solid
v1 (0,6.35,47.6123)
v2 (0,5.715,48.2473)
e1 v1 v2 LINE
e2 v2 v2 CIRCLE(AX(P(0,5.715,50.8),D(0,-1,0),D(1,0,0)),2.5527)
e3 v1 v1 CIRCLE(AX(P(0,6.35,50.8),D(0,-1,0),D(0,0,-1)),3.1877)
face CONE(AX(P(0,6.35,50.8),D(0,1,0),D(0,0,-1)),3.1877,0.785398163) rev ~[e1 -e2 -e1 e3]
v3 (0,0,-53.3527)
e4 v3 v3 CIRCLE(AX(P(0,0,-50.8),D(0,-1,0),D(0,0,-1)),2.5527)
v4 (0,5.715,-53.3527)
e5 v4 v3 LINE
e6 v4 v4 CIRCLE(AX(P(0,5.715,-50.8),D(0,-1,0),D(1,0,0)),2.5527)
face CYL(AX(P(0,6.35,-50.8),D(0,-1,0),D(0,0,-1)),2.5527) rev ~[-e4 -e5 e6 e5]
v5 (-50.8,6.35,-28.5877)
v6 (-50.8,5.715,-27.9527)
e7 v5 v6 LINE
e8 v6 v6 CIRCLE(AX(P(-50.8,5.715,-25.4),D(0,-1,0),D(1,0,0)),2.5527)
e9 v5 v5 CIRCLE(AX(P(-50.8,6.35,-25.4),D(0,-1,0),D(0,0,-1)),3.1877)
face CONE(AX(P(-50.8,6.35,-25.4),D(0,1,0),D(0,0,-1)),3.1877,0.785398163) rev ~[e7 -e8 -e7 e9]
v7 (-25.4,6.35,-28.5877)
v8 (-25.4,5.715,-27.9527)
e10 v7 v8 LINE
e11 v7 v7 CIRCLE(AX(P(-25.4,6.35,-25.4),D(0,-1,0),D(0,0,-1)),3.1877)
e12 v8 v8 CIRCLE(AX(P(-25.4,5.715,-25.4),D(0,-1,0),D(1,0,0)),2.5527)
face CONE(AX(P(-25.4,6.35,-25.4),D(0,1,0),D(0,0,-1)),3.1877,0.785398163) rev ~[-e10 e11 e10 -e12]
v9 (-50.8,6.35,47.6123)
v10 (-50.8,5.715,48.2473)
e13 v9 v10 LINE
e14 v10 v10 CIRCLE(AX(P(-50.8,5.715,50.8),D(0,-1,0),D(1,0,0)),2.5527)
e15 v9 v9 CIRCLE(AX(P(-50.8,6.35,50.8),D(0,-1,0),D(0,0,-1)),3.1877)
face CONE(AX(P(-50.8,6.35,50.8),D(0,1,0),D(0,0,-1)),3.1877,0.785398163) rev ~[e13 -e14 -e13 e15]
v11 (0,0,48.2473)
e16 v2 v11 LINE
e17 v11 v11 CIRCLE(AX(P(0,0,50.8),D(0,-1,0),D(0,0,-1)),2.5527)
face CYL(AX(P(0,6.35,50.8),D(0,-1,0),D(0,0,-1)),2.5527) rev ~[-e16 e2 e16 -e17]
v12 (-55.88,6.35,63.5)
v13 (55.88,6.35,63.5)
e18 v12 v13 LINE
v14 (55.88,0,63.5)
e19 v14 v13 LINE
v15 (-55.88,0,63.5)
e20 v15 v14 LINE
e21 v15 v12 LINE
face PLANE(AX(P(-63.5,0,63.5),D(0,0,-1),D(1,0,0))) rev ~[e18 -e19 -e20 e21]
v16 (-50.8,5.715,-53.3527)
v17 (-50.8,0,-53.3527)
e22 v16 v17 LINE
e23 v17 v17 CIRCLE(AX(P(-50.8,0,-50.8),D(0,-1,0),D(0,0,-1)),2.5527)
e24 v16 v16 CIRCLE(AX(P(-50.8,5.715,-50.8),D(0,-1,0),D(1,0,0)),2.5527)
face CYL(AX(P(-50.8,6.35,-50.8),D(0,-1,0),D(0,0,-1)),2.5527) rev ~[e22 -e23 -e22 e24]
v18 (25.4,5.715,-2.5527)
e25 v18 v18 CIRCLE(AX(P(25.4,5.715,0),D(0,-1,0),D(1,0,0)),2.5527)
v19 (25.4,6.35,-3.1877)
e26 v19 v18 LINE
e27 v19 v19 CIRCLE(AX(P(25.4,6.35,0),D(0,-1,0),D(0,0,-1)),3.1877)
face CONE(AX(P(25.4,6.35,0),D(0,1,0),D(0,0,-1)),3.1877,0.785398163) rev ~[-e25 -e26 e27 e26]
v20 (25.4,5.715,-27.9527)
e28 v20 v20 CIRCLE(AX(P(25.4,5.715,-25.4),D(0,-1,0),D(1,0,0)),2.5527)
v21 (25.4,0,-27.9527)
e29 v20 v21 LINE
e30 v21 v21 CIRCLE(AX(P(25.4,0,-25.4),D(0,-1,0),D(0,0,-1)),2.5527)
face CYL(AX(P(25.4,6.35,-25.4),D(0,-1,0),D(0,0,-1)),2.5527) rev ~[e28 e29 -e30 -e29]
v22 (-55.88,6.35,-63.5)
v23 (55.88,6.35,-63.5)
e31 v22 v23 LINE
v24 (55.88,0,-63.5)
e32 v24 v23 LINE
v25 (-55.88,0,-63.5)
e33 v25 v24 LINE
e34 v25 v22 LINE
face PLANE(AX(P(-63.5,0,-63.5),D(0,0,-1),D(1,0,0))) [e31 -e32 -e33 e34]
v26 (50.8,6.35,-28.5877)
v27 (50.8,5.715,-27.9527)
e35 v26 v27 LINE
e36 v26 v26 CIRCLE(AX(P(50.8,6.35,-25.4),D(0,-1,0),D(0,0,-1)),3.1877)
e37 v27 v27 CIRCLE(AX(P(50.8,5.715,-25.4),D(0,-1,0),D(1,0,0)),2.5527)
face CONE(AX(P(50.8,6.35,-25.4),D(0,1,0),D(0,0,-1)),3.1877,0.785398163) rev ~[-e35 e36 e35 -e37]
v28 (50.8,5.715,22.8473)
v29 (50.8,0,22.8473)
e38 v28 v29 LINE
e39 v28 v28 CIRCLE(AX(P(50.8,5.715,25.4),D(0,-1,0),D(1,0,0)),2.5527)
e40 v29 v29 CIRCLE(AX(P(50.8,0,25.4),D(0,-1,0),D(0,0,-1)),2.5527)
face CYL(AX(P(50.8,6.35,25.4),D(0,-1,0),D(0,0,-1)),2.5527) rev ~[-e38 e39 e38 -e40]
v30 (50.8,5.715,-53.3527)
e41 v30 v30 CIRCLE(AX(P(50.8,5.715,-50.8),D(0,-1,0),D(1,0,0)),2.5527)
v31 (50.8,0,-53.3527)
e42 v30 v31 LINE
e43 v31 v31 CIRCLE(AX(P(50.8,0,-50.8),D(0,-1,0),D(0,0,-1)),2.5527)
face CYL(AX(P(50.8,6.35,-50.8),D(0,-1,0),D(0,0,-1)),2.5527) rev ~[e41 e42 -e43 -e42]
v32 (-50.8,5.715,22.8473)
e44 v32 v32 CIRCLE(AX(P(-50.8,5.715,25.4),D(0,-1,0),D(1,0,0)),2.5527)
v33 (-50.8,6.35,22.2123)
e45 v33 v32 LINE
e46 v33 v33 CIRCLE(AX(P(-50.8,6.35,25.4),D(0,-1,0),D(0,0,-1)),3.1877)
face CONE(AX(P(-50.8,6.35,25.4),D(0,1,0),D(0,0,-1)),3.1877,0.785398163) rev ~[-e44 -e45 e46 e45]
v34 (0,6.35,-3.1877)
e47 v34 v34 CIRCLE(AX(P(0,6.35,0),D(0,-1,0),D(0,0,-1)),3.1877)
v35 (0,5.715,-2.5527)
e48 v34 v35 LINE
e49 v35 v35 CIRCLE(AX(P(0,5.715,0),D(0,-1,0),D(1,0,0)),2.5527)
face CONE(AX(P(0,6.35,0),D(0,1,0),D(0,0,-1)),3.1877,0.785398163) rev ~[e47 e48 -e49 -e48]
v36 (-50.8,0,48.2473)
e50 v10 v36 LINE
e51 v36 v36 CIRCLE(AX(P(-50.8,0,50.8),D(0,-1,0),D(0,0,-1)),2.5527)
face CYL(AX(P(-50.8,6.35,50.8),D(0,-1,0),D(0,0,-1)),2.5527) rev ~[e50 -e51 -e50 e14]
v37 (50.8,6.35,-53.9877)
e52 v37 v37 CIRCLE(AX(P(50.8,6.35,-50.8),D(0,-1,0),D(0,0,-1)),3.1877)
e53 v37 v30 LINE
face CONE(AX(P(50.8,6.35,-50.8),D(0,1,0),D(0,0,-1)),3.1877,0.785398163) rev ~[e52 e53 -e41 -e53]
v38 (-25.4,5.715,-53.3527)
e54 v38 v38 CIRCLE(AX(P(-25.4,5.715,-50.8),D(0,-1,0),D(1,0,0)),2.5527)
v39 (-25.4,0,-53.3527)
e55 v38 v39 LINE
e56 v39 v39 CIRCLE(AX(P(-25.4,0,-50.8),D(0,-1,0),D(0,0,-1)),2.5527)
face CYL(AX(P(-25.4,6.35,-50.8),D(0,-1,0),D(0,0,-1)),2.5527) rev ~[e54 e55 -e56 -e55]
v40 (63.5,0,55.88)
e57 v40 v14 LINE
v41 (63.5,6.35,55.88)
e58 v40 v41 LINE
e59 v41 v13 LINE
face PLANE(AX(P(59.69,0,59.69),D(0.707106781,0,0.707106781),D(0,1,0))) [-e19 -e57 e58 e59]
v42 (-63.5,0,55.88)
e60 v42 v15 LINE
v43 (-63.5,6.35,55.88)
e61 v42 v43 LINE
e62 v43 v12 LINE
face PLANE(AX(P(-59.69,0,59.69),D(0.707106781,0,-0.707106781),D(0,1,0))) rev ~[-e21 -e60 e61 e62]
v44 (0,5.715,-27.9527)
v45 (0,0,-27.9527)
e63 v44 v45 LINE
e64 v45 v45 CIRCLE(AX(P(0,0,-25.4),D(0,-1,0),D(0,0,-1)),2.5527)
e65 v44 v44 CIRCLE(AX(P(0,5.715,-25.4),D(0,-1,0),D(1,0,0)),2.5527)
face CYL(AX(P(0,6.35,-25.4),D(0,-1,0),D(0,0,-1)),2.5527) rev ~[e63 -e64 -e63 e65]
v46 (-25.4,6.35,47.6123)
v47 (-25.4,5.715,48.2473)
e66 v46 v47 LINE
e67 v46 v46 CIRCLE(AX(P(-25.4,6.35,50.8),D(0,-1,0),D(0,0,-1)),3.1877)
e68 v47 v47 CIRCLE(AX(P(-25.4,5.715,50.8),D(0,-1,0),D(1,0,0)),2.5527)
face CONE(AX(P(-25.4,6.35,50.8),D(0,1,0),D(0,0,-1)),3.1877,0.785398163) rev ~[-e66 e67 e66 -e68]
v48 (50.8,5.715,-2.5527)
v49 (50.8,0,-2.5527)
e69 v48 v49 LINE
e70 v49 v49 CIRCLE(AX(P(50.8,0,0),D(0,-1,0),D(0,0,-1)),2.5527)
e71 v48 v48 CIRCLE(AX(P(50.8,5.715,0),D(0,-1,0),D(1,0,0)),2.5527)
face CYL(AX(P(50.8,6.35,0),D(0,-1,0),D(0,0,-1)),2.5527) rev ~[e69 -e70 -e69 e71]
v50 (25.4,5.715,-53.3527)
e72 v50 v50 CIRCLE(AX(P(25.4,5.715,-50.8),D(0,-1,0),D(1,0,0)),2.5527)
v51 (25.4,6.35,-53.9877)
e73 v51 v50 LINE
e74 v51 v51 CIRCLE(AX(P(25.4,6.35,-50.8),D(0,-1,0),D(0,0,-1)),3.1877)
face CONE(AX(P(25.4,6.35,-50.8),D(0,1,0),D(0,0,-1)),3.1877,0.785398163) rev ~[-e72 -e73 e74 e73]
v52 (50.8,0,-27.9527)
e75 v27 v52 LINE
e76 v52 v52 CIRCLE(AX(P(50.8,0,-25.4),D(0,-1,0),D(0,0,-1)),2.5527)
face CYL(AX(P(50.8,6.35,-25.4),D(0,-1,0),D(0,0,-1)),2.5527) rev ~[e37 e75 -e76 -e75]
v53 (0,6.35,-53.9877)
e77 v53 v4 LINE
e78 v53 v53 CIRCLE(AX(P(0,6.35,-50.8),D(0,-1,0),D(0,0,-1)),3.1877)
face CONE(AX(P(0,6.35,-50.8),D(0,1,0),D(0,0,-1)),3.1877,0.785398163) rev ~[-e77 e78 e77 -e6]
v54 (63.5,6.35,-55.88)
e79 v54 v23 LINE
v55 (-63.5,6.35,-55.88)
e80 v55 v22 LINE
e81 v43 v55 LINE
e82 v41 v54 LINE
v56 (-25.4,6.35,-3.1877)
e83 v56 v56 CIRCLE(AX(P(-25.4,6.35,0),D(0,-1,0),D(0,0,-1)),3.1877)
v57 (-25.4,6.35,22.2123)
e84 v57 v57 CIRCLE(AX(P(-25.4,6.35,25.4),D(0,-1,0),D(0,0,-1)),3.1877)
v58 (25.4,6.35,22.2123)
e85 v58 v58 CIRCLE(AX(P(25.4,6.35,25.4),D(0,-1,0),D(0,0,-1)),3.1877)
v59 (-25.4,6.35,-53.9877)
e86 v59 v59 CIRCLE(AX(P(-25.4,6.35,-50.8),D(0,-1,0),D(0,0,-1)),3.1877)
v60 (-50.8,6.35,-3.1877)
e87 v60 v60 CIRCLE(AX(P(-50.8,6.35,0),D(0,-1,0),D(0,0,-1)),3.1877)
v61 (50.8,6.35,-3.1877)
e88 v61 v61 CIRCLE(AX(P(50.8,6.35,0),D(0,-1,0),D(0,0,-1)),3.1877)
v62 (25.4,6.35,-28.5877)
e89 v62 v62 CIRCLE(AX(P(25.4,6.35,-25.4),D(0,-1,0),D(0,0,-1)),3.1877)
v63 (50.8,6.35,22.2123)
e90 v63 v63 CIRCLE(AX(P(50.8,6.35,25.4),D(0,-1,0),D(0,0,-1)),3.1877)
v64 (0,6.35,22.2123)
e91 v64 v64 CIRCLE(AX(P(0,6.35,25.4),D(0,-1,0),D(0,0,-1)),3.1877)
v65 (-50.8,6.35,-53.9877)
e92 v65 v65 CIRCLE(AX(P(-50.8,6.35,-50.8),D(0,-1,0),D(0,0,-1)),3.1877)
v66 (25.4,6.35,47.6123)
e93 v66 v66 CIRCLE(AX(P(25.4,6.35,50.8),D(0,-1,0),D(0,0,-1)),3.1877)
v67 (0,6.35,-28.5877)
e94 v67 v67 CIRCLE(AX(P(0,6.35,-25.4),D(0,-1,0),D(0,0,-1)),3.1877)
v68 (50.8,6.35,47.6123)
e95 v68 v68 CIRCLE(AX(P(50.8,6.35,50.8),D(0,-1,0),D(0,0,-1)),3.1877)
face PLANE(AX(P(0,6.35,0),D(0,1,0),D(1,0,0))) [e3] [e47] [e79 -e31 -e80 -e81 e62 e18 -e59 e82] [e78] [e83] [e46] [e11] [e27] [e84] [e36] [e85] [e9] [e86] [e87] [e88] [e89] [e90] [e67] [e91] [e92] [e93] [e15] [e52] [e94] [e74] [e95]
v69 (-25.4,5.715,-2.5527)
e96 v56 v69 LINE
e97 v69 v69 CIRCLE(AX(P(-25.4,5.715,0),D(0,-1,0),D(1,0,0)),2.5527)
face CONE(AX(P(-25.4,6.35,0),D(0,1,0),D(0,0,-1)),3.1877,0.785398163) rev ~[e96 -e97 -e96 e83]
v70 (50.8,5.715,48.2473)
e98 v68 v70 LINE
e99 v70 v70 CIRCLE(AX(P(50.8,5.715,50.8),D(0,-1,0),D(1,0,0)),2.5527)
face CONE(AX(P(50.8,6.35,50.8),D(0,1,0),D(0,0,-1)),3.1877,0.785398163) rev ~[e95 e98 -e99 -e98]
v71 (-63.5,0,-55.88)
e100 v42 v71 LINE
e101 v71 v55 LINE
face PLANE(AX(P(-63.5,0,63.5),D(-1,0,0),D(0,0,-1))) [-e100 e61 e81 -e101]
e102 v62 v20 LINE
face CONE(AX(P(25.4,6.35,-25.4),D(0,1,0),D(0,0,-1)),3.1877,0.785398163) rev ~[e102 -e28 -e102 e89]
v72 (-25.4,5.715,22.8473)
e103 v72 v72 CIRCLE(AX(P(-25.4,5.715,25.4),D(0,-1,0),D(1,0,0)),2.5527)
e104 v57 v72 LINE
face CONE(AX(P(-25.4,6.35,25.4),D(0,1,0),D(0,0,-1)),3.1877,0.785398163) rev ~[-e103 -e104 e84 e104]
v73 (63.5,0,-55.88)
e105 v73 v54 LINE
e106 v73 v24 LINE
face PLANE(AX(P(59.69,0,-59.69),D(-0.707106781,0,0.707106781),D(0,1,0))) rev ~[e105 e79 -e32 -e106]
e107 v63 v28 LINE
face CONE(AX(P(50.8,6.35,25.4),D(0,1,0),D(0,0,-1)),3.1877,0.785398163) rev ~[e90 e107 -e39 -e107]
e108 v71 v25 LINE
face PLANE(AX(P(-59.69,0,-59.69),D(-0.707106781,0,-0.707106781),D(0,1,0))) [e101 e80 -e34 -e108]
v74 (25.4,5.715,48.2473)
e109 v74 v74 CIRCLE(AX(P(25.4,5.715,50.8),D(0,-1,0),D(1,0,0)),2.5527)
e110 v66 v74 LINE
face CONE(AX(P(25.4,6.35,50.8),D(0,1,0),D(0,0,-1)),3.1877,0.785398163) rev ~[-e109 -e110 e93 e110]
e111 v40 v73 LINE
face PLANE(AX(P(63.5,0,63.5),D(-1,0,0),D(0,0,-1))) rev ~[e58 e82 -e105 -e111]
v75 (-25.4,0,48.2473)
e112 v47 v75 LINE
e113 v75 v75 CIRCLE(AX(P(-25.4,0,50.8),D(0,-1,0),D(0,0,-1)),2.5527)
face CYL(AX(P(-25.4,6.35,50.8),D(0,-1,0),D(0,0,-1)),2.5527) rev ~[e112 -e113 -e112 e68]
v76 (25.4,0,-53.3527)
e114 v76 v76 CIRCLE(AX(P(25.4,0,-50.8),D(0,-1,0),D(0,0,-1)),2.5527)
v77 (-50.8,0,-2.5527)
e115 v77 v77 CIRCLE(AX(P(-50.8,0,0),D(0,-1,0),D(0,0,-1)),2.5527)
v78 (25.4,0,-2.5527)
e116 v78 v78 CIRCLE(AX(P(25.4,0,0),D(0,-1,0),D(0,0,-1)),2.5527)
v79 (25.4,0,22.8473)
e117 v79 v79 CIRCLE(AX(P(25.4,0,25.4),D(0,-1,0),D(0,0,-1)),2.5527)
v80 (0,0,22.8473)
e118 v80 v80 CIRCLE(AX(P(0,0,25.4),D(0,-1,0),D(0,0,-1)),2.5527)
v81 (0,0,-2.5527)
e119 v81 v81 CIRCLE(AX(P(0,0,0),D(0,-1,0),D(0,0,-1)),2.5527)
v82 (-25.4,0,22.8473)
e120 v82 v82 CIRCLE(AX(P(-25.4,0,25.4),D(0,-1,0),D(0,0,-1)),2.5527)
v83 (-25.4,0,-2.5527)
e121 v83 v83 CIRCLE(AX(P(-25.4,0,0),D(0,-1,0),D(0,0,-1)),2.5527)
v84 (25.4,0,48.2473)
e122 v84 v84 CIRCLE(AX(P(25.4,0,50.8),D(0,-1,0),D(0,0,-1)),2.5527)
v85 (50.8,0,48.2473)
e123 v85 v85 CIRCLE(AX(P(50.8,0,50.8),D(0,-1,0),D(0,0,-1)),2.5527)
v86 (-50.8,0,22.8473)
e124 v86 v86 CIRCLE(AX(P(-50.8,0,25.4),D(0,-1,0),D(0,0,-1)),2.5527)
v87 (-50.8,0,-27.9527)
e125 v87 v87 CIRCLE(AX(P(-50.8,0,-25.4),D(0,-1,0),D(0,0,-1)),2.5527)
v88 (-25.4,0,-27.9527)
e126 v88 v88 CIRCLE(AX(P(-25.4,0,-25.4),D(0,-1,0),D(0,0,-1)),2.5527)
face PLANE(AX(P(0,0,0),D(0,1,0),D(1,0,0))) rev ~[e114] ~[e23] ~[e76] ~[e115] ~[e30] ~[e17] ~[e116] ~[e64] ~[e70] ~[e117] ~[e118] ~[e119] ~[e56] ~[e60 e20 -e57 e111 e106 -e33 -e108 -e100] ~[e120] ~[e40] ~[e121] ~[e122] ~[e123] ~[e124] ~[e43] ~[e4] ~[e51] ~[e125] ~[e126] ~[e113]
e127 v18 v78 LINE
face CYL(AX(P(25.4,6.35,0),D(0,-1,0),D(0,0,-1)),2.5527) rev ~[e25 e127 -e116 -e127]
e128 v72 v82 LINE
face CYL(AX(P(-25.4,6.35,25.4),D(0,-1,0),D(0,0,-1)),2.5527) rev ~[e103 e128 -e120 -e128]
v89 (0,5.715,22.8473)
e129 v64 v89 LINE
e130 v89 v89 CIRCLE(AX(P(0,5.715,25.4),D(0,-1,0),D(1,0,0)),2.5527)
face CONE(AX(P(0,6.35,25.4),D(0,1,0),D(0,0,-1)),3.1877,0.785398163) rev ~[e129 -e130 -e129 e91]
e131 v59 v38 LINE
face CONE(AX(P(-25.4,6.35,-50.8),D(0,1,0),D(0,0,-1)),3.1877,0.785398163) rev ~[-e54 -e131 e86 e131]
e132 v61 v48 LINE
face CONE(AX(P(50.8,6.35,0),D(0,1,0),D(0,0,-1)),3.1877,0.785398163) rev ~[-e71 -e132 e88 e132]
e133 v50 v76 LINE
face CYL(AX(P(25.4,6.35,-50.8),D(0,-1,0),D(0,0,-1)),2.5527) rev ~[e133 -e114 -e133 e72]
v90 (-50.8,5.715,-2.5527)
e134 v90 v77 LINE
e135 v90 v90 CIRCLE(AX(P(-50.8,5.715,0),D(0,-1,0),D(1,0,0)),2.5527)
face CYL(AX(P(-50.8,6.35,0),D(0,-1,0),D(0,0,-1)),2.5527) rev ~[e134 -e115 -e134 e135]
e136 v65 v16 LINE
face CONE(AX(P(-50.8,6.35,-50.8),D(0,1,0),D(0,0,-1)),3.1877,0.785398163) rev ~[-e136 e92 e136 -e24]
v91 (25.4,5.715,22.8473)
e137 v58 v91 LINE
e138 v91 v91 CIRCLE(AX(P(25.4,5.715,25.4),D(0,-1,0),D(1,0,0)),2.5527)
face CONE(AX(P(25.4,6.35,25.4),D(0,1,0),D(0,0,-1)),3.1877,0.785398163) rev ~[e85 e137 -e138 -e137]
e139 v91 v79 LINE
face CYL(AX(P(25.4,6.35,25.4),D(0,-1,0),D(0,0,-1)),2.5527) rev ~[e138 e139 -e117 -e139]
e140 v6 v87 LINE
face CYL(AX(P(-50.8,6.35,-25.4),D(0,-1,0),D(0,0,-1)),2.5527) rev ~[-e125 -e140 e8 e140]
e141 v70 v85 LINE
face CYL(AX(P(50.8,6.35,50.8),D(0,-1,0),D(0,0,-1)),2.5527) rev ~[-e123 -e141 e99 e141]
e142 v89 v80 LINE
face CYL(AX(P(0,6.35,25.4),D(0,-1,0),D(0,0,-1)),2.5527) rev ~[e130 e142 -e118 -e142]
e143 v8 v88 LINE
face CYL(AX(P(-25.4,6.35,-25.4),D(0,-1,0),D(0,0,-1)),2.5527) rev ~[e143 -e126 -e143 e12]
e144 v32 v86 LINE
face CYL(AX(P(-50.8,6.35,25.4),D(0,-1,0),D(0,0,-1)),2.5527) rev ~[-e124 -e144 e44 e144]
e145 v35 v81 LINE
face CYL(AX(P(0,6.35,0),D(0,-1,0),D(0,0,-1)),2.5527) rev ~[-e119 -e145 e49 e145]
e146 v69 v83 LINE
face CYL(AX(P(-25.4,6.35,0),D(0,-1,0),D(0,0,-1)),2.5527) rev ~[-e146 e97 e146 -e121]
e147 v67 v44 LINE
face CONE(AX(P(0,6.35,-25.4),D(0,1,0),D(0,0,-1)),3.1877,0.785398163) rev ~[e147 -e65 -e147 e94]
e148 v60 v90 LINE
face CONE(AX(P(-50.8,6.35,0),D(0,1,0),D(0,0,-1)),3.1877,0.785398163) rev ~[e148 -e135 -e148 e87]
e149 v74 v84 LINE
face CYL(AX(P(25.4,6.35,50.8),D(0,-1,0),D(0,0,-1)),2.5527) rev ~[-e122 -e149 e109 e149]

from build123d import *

# Parameters (mm, degrees)
SKETCH1_W                             = 127
SKETCH1_H                             = 127
BOSS_EXTRUDE1_DEPTH                   = 6.35
TAP_DRILL_FOR_1_4_20_TAP2_D           = 5.1054
TAP_DRILL_FOR_1_4_20_TAP2_CSINK_D     = 6.3754
TAP_DRILL_FOR_1_4_20_TAP2_CSINK_ANGLE = 90
LPATTERN1_COUNT                       = 5
LPATTERN1_PITCH                       = 25.4
LPATTERN1_COUNT_DIR2                  = 5
LPATTERN1_PITCH_DIR2                  = 25.4
CHAMFER1_SIZE                         = 7.62


with BuildPart() as part:
    # Sketch1 → Boss-Extrude1 (new body)
    with BuildSketch(Plane(origin=(0, 0, 0), x_dir=(1, 0, 0), z_dir=(0, 1, 0))):
        Rectangle(SKETCH1_W, SKETCH1_H)
    extrude(amount=BOSS_EXTRUDE1_DEPTH)

    # Tap Drill for 1/4-20 Tap2 (through all)
    with Locations(Plane(origin=(-50.8, 6.35, -50.8), x_dir=(0, 0, 1), z_dir=(0, 1, 0))):
        with Locations((0, 0)):
            tap_drill_for_1_4_20_tap2 = CounterSinkHole(TAP_DRILL_FOR_1_4_20_TAP2_D / 2, TAP_DRILL_FOR_1_4_20_TAP2_CSINK_D / 2, counter_sink_angle=TAP_DRILL_FOR_1_4_20_TAP2_CSINK_ANGLE)

    # LPattern1: Tap Drill for 1_4-20 Tap2 5 × 5
    with Locations(*[(j * LPATTERN1_PITCH_DIR2, 0, i * LPATTERN1_PITCH) for i in range(LPATTERN1_COUNT) for j in range(LPATTERN1_COUNT_DIR2) if (i, j) != (0, 0)]):
        add(tap_drill_for_1_4_20_tap2, mode=Mode.SUBTRACT)

    # Chamfer1
    chamfer1_edges = [part.edges().sort_by_distance(p)[0] for p in [
        (63.5, 3.175, 63.5),
        (-63.5, 3.175, 63.5),
        (-63.5, 3.175, -63.5),
        (63.5, 3.175, -63.5),
    ]]
    chamfer(chamfer1_edges, length=CHAMFER1_SIZE)


solid = part.part
